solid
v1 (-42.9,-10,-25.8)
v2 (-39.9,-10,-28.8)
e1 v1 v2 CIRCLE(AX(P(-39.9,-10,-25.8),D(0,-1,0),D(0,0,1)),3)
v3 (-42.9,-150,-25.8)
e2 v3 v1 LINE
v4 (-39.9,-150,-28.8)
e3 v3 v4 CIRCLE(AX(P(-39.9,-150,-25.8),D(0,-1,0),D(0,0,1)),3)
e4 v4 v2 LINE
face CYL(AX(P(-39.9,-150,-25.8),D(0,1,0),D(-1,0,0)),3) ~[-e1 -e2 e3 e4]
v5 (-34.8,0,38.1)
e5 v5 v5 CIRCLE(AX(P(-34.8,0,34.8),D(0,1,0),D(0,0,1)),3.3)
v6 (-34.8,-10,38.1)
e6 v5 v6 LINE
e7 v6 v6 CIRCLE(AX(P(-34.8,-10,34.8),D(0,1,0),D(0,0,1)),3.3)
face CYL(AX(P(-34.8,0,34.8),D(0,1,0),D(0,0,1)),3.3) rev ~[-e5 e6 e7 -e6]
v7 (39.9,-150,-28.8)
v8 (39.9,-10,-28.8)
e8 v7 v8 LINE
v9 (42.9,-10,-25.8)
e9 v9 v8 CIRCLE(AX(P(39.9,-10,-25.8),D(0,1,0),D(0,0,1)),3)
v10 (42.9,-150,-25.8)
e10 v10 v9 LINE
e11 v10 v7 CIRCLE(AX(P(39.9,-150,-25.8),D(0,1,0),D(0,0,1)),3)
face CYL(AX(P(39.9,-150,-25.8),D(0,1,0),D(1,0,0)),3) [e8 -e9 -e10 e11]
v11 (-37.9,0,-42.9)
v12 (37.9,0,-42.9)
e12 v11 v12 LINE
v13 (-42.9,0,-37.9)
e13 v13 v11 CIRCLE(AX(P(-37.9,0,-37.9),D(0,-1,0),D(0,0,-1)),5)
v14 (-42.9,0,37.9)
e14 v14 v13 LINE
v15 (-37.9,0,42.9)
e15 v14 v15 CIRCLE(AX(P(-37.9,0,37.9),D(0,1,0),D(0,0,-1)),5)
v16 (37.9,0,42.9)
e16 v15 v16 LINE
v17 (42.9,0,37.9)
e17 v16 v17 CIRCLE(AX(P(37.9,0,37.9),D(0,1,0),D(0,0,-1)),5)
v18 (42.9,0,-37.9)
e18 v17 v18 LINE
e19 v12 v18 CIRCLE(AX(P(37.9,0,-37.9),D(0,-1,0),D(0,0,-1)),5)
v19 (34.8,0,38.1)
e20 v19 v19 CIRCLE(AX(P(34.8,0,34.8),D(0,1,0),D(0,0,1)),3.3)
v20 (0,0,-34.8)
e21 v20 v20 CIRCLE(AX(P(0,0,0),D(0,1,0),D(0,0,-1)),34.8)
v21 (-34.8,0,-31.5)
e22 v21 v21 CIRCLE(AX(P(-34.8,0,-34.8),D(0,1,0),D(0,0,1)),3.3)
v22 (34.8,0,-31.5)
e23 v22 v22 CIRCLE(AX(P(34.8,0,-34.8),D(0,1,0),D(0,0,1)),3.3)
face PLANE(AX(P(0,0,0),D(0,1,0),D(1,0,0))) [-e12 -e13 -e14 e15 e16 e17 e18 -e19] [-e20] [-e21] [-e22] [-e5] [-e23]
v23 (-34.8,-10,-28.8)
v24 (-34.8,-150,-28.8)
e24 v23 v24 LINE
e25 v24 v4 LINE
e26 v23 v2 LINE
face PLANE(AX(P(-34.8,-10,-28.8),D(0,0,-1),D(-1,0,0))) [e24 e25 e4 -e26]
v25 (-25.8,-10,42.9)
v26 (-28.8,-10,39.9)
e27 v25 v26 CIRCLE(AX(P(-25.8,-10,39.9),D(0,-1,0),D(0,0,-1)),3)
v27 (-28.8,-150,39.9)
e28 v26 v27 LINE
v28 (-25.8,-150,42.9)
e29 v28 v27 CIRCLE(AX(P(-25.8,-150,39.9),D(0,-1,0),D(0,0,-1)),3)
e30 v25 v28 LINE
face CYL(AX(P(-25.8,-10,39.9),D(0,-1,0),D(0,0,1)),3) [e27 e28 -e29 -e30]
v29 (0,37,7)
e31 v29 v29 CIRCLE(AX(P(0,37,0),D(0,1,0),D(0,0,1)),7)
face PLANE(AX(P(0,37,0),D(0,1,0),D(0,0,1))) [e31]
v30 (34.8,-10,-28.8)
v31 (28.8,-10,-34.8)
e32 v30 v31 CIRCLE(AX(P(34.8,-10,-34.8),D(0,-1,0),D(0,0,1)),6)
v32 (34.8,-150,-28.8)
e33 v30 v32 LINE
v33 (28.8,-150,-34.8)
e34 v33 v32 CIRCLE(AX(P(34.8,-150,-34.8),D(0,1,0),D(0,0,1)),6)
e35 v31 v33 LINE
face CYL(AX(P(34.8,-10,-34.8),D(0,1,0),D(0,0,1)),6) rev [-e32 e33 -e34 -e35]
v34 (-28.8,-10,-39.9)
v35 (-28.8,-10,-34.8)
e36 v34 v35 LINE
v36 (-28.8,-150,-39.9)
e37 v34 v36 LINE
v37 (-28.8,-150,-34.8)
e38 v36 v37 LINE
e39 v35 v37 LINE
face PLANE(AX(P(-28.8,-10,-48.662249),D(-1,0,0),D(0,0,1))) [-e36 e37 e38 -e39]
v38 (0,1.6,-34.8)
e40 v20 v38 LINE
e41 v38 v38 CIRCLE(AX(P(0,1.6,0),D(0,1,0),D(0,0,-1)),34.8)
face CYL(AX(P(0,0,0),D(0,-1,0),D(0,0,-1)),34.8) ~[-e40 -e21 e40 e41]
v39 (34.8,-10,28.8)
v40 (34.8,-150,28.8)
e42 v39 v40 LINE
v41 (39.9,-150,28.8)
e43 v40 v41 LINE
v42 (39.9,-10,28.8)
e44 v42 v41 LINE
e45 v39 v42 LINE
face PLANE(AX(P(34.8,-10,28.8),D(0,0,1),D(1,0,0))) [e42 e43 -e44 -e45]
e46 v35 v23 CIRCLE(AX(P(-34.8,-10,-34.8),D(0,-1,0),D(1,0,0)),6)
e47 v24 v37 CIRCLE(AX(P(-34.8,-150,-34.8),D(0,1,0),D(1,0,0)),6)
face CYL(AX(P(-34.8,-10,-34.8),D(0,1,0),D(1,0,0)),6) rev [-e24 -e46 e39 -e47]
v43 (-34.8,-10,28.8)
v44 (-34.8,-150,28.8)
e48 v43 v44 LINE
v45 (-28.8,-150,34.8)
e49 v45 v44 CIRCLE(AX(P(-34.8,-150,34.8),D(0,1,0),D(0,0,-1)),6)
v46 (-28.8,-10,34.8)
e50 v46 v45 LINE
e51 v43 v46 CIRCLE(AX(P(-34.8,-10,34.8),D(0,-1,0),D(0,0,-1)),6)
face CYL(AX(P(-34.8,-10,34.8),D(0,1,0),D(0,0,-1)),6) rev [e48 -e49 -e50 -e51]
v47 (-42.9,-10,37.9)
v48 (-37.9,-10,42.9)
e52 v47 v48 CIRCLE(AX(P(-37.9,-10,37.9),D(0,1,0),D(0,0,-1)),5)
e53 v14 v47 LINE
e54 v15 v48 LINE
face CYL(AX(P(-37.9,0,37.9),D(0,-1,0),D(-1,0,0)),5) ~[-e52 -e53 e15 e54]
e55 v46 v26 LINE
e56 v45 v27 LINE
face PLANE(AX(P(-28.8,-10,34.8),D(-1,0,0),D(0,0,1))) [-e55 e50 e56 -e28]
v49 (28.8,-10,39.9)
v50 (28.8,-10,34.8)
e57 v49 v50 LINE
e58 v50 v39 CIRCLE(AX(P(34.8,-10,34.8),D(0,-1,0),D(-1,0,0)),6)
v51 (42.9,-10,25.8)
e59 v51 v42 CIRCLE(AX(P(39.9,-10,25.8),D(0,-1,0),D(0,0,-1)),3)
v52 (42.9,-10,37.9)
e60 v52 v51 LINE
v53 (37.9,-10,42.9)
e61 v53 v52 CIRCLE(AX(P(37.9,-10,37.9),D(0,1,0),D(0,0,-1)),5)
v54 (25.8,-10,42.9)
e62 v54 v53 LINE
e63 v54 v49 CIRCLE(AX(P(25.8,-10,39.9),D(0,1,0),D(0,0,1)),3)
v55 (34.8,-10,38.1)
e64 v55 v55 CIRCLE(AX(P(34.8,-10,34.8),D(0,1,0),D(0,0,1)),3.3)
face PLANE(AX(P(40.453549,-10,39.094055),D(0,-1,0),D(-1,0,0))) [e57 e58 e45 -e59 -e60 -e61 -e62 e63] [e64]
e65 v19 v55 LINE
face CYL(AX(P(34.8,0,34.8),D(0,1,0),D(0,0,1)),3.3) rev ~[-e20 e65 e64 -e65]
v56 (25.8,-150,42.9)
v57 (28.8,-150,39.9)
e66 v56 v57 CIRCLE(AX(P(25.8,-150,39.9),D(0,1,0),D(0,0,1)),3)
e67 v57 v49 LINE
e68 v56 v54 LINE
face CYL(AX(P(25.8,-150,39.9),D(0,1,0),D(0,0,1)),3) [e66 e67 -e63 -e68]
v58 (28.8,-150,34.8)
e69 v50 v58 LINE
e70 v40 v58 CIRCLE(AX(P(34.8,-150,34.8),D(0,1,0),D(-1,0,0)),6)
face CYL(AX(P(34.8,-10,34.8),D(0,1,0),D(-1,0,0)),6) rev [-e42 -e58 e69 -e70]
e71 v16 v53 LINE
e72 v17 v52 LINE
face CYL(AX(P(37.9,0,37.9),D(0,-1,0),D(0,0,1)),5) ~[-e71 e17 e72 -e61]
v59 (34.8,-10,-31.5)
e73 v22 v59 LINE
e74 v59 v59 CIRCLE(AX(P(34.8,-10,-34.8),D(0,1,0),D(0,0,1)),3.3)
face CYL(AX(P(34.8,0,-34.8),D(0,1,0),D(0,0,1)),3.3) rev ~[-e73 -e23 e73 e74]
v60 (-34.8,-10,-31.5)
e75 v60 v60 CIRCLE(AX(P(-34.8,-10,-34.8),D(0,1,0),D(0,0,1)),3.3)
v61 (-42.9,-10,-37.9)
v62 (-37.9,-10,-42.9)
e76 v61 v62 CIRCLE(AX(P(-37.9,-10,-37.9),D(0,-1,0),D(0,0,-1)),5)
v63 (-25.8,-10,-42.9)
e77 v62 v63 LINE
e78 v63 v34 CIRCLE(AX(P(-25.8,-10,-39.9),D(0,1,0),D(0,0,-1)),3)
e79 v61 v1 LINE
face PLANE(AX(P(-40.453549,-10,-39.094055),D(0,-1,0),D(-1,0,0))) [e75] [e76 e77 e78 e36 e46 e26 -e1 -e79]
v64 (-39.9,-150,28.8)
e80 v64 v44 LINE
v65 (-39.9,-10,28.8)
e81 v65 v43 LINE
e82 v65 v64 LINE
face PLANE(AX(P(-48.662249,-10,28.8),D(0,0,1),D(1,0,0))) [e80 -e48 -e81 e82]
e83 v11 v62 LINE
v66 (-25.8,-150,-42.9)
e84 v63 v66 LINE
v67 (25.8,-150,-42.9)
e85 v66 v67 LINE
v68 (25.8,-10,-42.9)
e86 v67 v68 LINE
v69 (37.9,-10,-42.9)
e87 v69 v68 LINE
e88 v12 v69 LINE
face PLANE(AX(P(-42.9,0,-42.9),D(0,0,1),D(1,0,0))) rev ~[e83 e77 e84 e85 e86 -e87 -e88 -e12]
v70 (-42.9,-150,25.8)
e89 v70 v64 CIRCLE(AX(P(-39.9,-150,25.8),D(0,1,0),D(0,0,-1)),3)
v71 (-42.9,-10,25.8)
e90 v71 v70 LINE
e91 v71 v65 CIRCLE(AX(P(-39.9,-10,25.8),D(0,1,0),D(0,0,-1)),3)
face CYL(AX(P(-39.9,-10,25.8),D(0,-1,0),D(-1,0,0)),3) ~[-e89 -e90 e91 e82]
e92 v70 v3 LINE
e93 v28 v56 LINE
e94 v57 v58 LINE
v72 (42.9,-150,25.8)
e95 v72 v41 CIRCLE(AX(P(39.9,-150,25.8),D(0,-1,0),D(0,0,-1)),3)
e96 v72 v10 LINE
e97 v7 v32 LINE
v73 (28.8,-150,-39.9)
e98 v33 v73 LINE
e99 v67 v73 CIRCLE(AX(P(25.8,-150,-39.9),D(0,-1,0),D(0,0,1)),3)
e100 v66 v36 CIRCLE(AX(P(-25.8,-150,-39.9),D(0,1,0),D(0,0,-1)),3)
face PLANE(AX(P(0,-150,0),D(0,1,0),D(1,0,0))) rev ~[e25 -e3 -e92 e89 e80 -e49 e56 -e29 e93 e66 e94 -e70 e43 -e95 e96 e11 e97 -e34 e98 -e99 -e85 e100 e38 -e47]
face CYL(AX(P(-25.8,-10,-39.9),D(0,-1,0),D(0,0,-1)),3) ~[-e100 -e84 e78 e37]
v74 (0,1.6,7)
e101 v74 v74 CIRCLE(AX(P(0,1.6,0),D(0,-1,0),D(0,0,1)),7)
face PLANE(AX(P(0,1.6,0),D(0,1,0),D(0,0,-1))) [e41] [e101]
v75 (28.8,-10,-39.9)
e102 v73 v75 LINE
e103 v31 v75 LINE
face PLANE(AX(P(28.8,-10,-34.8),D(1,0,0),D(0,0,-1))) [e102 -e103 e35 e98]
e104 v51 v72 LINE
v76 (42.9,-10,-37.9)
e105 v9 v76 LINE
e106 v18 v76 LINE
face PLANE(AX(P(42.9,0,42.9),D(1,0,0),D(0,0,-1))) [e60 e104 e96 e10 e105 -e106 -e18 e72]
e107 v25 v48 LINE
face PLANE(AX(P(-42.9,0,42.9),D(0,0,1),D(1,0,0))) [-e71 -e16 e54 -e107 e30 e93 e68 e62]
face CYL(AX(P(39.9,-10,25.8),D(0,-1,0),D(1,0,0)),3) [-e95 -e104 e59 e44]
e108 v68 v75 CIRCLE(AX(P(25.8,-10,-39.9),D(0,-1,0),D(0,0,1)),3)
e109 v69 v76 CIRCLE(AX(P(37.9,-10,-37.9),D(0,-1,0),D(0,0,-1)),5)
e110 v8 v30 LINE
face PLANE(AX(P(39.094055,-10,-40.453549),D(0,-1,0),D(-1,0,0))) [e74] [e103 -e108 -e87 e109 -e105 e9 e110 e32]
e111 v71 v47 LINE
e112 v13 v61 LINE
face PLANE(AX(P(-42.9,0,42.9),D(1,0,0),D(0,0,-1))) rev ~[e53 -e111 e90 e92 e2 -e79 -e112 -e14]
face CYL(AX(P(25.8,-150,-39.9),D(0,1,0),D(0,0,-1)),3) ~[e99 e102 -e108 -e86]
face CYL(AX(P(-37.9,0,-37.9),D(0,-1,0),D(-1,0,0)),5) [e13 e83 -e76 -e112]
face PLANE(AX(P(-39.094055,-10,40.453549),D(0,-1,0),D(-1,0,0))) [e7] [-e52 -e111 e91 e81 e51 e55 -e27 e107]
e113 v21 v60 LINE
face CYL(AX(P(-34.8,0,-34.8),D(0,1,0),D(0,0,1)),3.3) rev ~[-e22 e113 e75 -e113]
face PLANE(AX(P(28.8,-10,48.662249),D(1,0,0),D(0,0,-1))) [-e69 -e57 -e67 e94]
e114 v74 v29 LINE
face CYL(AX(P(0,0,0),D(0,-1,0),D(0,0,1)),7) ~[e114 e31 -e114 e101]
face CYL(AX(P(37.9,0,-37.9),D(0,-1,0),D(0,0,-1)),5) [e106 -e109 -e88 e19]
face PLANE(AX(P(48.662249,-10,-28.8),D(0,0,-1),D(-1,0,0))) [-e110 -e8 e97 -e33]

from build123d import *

# Parameters (mm, degrees)
SKETCH1_W           = 85.8
SKETCH1_H           = 85.8
SKETCH1_R           = 3.3
BOSS_EXTRUDE1_DEPTH = 150
SKETCH2_R           = 34.8
BOSS_EXTRUDE2_DEPTH = 1.6
SKETCH3_R           = 7
BOSS_EXTRUDE3_DEPTH = 37
CUT_EXTRUDE1_START  = -10
CUT_EXTRUDE1_DEPTH  = 157
FILLET1_R           = 5
FILLET2_R           = 3


with BuildPart() as part:
    # Sketch1 → Boss-Extrude1 (new body)
    with BuildSketch(Plane(origin=(0, 0, 0), x_dir=(1, 0, 0), z_dir=(0, 1, 0))):
        Rectangle(SKETCH1_W, SKETCH1_H)
        with Locations(Location((-34.8, 34.8, 0), (0, 0, 270))):
            Circle(SKETCH1_R, mode=Mode.SUBTRACT)
        with Locations(Location((34.8, 34.8, 0), (0, 0, 270))):
            Circle(SKETCH1_R, mode=Mode.SUBTRACT)
        with Locations(Location((34.8, -34.8, 0), (0, 0, 270))):
            Circle(SKETCH1_R, mode=Mode.SUBTRACT)
        with Locations(Location((-34.8, -34.8, 0), (0, 0, 270))):
            Circle(SKETCH1_R, mode=Mode.SUBTRACT)
    extrude(amount=-BOSS_EXTRUDE1_DEPTH)

    # Sketch2 → Boss-Extrude2 (add)
    with BuildSketch(Plane(origin=(0, 0, 0), x_dir=(1, 0, 0), z_dir=(0, 1, 0))):
        with Locations(Location((0, 0, 0), (0, 0, 90))):
            Circle(SKETCH2_R)
    extrude(amount=BOSS_EXTRUDE2_DEPTH)

    # Sketch3 → Boss-Extrude3 (add)
    with BuildSketch(Plane(origin=(0, 0, 0), x_dir=(1, 0, 0), z_dir=(0, 1, 0))):
        with Locations(Location((0, 0, 0), (0, 0, 270))):
            Circle(SKETCH3_R)
    extrude(amount=BOSS_EXTRUDE3_DEPTH)

    # Sketch4 → Cut-Extrude1 (cut)
    with BuildSketch(Plane(origin=(0, 0, 0), x_dir=(1, 0, 0), z_dir=(0, 1, 0)).offset(CUT_EXTRUDE1_START)):
        with BuildLine():
            Line((-34.8, 28.8), (-51.295140444, 28.8))
            Line((-51.295140444, 28.8), (-51.295140444, 48.66224904))
            Line((-51.295140444, 48.66224904), (-28.8, 48.66224904))
            Line((-28.8, 48.66224904), (-28.8, 34.8))
            ThreePointArc((-28.8, 34.8), (-30.557359313, 30.557359313), (-34.8, 28.8))
        make_face()
        with BuildLine():
            Line((48.66224904, 28.8), (34.8, 28.8))
            ThreePointArc((34.8, 28.8), (30.557359313, 30.557359313), (28.8, 34.8))
            Line((28.8, 34.8), (28.8, 51.295140444))
            Line((28.8, 51.295140444), (48.66224904, 51.295140444))
            Line((48.66224904, 51.295140444), (48.66224904, 28.8))
        make_face()
        with BuildLine():
            Line((28.8, -48.66224904), (28.8, -34.8))
            ThreePointArc((28.8, -34.8), (30.557359313, -30.557359313), (34.8, -28.8))
            Line((34.8, -28.8), (51.295140444, -28.8))
            Line((51.295140444, -28.8), (51.295140444, -48.66224904))
            Line((51.295140444, -48.66224904), (28.8, -48.66224904))
        make_face()
        with BuildLine():
            Line((-48.66224904, -28.8), (-34.8, -28.8))
            ThreePointArc((-34.8, -28.8), (-30.557359313, -30.557359313), (-28.8, -34.8))
            Line((-28.8, -34.8), (-28.8, -51.295140444))
            Line((-28.8, -51.295140444), (-48.66224904, -51.295140444))
            Line((-48.66224904, -51.295140444), (-48.66224904, -28.8))
        make_face()
    extrude(amount=-CUT_EXTRUDE1_DEPTH, mode=Mode.SUBTRACT)

    # Fillet1
    fillet1_edges = [part.edges().sort_by_distance(p)[0] for p in [
        (42.9, -5, -42.9),
        (-42.9, -5, -42.9),
        (-42.9, -5, 42.9),
        (42.9, -5, 42.9),
    ]]
    fillet(fillet1_edges, radius=FILLET1_R)

    # Fillet2
    fillet2_edges = [part.edges().sort_by_distance(p)[0] for p in [
        (-28.8, -80, 42.9),
        (-42.9, -80, 28.8),
        (42.9, -80, 28.8),
        (28.8, -80, 42.9),
        (28.8, -80, -42.9),
        (42.9, -80, -28.8),
        (-42.9, -80, -28.8),
        (-28.8, -80, -42.9),
    ]]
    fillet(fillet2_edges, radius=FILLET2_R)


solid = part.part
